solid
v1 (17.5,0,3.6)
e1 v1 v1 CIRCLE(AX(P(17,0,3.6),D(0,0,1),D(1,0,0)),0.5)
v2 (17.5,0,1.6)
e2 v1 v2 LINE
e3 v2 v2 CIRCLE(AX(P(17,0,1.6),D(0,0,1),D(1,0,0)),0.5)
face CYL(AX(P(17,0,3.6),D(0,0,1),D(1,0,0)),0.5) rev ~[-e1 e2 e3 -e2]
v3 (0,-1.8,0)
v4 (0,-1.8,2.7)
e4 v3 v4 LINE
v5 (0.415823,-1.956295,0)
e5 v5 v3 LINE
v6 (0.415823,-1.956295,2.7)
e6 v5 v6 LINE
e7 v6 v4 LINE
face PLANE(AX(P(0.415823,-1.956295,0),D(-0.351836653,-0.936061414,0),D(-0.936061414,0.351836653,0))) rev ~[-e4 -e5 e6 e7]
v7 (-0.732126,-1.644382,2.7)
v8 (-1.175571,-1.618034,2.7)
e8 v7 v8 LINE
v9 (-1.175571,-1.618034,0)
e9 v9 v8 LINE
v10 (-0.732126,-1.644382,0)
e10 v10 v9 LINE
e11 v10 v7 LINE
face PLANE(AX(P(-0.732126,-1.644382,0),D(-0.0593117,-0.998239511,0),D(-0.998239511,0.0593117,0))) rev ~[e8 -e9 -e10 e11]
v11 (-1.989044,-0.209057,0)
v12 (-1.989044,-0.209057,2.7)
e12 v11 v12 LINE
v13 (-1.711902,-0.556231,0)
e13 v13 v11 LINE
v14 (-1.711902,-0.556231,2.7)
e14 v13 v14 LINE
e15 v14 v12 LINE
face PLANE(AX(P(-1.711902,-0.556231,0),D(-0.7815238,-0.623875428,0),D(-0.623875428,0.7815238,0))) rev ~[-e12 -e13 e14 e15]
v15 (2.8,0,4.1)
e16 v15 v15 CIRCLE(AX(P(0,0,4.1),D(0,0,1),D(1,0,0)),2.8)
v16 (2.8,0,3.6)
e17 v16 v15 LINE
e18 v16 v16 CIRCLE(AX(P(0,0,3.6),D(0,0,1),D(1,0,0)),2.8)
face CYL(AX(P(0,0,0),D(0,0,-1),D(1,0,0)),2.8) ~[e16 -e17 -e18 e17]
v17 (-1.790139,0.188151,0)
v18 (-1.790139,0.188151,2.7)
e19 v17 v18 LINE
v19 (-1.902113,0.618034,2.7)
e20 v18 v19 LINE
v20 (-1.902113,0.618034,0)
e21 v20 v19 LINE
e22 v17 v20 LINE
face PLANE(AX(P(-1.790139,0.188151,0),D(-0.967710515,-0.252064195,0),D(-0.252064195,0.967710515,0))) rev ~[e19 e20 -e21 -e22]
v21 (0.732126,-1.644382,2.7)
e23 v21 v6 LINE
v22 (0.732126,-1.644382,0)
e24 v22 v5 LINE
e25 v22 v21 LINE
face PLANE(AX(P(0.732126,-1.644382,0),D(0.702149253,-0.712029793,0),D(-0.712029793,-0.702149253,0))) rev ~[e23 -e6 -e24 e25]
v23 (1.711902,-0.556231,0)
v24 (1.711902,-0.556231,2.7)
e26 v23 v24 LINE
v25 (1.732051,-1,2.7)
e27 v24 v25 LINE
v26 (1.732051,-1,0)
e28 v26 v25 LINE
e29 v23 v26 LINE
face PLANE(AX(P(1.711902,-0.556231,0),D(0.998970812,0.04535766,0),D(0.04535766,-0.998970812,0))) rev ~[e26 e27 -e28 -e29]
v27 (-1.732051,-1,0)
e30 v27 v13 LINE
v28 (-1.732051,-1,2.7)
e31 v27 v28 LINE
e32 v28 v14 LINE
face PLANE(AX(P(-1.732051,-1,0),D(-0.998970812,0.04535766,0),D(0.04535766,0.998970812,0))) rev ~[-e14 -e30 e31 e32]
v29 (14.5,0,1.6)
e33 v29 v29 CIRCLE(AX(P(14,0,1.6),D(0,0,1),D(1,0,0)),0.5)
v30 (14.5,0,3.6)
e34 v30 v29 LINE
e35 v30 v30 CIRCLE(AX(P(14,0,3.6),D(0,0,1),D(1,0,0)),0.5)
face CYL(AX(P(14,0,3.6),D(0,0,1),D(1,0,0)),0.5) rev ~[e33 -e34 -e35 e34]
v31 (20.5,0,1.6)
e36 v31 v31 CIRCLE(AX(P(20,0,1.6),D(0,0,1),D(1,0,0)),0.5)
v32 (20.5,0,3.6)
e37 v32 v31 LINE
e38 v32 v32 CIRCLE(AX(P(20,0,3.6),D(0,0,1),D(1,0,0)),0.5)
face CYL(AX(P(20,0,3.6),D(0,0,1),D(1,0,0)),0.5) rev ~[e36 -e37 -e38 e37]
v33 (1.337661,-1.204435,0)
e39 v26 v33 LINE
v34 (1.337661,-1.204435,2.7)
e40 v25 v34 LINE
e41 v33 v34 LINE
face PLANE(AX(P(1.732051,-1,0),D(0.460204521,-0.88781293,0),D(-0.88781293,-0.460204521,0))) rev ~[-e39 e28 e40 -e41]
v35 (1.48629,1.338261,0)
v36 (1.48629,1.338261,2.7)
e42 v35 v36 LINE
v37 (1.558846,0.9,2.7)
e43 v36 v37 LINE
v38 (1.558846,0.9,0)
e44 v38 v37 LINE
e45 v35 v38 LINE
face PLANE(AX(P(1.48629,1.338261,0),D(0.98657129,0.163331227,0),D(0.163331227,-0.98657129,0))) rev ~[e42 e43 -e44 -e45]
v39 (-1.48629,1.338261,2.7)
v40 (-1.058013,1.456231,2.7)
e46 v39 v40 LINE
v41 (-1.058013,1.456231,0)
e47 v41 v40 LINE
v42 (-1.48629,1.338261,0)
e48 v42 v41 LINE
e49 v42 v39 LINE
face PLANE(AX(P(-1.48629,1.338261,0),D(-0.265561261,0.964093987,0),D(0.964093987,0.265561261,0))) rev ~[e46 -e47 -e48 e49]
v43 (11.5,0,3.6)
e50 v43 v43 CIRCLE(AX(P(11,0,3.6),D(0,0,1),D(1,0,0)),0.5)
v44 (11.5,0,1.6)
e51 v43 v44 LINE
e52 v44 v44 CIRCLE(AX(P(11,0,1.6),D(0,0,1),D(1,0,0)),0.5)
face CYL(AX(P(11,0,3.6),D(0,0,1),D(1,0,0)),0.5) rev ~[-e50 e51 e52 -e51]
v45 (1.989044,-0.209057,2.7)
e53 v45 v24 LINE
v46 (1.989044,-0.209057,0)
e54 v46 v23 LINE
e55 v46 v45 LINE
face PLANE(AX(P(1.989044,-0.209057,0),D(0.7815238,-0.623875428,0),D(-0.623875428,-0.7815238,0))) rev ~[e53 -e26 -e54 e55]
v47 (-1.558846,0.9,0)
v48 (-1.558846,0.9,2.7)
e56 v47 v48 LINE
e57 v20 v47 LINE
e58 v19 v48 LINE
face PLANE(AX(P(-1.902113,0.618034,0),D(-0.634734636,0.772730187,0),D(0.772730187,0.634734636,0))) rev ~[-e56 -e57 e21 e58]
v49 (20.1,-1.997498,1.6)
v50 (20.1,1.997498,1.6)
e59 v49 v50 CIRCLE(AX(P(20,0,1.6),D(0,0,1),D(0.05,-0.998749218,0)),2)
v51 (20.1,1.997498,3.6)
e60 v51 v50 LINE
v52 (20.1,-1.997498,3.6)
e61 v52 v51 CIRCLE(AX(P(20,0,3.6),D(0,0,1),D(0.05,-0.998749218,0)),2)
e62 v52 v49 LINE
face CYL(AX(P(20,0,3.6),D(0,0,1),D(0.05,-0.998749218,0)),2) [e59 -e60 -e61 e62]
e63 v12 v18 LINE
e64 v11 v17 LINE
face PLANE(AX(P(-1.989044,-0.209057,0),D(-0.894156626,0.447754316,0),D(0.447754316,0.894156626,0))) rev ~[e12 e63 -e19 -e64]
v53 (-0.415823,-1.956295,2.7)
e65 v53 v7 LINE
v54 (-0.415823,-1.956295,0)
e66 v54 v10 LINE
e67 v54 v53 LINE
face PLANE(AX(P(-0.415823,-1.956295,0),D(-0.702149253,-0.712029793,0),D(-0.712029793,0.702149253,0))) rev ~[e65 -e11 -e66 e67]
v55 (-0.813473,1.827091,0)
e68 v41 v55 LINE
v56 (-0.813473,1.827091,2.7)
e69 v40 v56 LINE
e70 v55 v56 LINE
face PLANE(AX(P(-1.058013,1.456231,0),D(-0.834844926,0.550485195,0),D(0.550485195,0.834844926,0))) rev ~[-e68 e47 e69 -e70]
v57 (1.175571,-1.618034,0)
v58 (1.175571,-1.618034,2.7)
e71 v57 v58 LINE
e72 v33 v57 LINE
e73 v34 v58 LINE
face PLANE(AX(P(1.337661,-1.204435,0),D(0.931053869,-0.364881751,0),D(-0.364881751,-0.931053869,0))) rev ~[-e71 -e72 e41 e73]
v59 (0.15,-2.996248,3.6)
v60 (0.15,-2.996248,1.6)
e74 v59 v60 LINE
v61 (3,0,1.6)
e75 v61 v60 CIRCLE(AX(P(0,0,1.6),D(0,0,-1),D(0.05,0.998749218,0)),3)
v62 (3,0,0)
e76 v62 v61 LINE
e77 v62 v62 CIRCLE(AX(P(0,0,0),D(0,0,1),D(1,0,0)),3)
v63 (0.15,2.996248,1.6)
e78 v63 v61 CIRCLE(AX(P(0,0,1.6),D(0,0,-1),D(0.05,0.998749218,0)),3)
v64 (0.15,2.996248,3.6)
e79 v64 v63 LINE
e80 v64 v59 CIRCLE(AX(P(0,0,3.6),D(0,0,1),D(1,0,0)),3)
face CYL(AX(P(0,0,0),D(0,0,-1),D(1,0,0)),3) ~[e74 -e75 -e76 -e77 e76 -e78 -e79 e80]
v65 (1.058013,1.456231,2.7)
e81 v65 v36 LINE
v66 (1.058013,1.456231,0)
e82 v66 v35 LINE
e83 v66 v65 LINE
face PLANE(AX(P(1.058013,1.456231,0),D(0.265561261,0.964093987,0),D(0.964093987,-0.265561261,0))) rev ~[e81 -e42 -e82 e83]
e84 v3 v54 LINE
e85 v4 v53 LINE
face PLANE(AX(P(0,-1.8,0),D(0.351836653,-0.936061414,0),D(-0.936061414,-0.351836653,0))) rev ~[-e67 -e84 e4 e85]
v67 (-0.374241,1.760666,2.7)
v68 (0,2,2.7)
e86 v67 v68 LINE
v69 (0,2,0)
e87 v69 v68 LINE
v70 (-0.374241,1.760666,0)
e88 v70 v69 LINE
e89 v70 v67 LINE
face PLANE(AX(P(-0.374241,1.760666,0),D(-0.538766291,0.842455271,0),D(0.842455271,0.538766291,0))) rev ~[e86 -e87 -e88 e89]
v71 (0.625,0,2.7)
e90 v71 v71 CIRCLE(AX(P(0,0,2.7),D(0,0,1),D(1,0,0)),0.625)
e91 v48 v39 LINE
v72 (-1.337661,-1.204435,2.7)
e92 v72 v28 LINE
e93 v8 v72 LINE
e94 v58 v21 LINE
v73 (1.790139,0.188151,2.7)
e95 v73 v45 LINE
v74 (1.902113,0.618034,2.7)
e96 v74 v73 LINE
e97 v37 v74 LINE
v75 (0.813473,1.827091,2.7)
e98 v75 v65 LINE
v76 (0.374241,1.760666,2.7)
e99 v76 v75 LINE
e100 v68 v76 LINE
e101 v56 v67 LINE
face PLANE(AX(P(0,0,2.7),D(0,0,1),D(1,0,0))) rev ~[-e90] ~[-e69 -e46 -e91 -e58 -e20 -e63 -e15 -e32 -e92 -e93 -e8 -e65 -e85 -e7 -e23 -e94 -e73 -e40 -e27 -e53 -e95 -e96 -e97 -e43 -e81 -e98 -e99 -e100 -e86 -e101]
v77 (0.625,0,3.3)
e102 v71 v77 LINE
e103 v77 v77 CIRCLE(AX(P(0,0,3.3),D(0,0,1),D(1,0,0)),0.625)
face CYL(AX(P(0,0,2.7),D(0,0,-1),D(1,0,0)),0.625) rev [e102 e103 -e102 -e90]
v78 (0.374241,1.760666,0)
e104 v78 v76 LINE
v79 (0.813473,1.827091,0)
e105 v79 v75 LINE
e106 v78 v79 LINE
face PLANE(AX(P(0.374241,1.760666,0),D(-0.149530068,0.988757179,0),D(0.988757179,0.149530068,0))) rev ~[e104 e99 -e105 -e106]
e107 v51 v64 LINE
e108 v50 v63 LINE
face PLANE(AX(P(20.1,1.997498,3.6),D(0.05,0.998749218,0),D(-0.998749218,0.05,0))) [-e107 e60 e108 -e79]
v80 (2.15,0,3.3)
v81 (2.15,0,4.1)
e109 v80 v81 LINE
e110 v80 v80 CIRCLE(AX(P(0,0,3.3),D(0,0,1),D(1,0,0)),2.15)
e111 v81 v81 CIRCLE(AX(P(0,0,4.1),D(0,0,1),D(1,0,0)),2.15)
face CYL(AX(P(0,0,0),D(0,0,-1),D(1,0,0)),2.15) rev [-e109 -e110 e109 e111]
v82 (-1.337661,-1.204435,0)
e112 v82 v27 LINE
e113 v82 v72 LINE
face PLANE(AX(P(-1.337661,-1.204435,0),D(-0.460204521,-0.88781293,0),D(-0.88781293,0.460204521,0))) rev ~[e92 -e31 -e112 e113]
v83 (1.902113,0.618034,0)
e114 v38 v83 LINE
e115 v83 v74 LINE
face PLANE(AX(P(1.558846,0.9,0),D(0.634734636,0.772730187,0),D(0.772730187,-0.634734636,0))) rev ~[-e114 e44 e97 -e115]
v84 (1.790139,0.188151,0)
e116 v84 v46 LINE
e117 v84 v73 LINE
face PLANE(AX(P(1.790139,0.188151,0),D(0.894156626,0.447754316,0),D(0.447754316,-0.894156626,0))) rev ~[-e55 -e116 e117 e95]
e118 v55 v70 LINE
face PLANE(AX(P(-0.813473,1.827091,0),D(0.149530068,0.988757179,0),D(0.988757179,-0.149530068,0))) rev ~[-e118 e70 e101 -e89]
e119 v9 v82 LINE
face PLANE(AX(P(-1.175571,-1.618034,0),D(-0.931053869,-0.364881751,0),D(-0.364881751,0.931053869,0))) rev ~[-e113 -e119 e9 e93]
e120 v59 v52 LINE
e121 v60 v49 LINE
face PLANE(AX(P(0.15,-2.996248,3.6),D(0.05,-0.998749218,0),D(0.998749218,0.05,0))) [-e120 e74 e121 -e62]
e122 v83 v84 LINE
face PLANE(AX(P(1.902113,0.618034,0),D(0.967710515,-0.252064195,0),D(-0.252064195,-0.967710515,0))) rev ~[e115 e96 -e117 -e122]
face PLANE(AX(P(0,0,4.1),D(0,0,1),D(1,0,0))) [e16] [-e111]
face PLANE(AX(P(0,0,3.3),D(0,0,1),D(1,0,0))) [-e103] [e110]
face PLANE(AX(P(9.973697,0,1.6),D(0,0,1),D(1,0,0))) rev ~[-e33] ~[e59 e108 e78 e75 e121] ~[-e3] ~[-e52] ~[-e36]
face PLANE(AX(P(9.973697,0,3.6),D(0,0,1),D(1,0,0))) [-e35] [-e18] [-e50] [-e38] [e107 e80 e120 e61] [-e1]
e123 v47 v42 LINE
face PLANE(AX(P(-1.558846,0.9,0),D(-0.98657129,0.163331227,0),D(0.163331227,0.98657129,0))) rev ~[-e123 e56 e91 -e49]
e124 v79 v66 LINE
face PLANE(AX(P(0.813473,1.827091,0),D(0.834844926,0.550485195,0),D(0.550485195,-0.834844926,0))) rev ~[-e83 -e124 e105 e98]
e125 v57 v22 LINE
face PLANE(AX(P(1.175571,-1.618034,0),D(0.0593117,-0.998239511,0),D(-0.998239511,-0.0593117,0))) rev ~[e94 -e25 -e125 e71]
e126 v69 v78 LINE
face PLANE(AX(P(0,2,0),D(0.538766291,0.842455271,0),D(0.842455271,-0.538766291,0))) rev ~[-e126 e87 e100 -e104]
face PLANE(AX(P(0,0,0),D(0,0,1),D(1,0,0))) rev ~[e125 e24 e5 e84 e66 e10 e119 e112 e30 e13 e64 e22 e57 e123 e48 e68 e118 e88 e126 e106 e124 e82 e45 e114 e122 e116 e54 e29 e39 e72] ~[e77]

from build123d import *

# Parameters (mm, degrees)
SKETCH2_R           = 3
SKETCH2_R_2         = 2.8
BOSS_EXTRUDE1_DEPTH = 3.6
SKETCH2_3_R         = 2.8
SKETCH2_3_R_2       = 2.15
BOSS_EXTRUDE2_DEPTH = 4.1
BOSS_EXTRUDE3_START = 2.7
SKETCH2_4_R         = 2.15
SKETCH2_4_R_2       = 0.625
BOSS_EXTRUDE3_DEPTH = 0.6
SKETCH2_5_R         = 2.15
BOSS_EXTRUDE4_DEPTH = 2.7
BOSS_EXTRUDE5_START = 3.6
SKETCH2_6_R         = 0.5
BOSS_EXTRUDE5_DEPTH = 2


with BuildPart() as part:
    # Sketch2 → Boss-Extrude1 (new body)
    with BuildSketch(Plane.XY):
        Circle(SKETCH2_R)
        Circle(SKETCH2_R_2, mode=Mode.SUBTRACT)
    extrude(amount=BOSS_EXTRUDE1_DEPTH)

    # Sketch2<3> → Boss-Extrude2 (add)
    with BuildSketch(Plane.XY):
        Circle(SKETCH2_3_R)
        Circle(SKETCH2_3_R_2, mode=Mode.SUBTRACT)
    extrude(amount=BOSS_EXTRUDE2_DEPTH)

    # Sketch2<4> → Boss-Extrude3 (add)
    with BuildSketch(Plane.XY.offset(BOSS_EXTRUDE3_START)):
        Circle(SKETCH2_4_R)
        Circle(SKETCH2_4_R_2, mode=Mode.SUBTRACT)
    extrude(amount=BOSS_EXTRUDE3_DEPTH)

    # Sketch2<5> → Boss-Extrude4 (add)
    with BuildSketch(Plane.XY):
        Circle(SKETCH2_5_R)
        Polygon((-0.374241043, 1.760665681), (0, 2), (0.374241043, 1.760665681), (0.813473286, 1.827090915), (1.058013454, 1.45623059), (1.486289651, 1.338261213), (1.558845727, 0.9), (1.902113033, 0.618033989), (1.790139412, 0.188151234), (1.989043791, -0.209056927), (1.711901729, -0.55623059), (1.732050808, -1), (1.337660686, -1.204435091), (1.175570505, -1.618033989), (0.732125958, -1.644381824), (0.415823382, -1.956295201), (0, -1.8), (-0.415823382, -1.956295201), (-0.732125958, -1.644381824), (-1.175570505, -1.618033989), (-1.337660686, -1.204435091), (-1.732050808, -1), (-1.711901729, -0.55623059), (-1.989043791, -0.209056927), (-1.790139412, 0.188151234), (-1.902113033, 0.618033989), (-1.558845727, 0.9), (-1.486289651, 1.338261213), (-1.058013454, 1.45623059), (-0.813473286, 1.827090915), align=None, mode=Mode.SUBTRACT)
    extrude(amount=BOSS_EXTRUDE4_DEPTH)

    # Sketch2<6> → Boss-Extrude5 (add)
    with BuildSketch(Plane.XY.offset(BOSS_EXTRUDE5_START)):
        with BuildLine():
            Line((20.1, 1.997498436), (0.15, 2.996247653))
            ThreePointArc((0.15, 2.996247653), (3, 0), (0.15, -2.996247653))
            Line((0.15, -2.996247653), (20.1, -1.997498436))
            ThreePointArc((20.1, -1.997498436), (22, 0), (20.1, 1.997498436))
        make_face()
        with Locations((11, 0)):
            Circle(SKETCH2_6_R, mode=Mode.SUBTRACT)
        with Locations((14, 0)):
            Circle(SKETCH2_6_R, mode=Mode.SUBTRACT)
        with Locations((17, 0)):
            Circle(SKETCH2_6_R, mode=Mode.SUBTRACT)
        with Locations((20, 0)):
            Circle(SKETCH2_6_R, mode=Mode.SUBTRACT)
    extrude(amount=-BOSS_EXTRUDE5_DEPTH)


solid = part.part
